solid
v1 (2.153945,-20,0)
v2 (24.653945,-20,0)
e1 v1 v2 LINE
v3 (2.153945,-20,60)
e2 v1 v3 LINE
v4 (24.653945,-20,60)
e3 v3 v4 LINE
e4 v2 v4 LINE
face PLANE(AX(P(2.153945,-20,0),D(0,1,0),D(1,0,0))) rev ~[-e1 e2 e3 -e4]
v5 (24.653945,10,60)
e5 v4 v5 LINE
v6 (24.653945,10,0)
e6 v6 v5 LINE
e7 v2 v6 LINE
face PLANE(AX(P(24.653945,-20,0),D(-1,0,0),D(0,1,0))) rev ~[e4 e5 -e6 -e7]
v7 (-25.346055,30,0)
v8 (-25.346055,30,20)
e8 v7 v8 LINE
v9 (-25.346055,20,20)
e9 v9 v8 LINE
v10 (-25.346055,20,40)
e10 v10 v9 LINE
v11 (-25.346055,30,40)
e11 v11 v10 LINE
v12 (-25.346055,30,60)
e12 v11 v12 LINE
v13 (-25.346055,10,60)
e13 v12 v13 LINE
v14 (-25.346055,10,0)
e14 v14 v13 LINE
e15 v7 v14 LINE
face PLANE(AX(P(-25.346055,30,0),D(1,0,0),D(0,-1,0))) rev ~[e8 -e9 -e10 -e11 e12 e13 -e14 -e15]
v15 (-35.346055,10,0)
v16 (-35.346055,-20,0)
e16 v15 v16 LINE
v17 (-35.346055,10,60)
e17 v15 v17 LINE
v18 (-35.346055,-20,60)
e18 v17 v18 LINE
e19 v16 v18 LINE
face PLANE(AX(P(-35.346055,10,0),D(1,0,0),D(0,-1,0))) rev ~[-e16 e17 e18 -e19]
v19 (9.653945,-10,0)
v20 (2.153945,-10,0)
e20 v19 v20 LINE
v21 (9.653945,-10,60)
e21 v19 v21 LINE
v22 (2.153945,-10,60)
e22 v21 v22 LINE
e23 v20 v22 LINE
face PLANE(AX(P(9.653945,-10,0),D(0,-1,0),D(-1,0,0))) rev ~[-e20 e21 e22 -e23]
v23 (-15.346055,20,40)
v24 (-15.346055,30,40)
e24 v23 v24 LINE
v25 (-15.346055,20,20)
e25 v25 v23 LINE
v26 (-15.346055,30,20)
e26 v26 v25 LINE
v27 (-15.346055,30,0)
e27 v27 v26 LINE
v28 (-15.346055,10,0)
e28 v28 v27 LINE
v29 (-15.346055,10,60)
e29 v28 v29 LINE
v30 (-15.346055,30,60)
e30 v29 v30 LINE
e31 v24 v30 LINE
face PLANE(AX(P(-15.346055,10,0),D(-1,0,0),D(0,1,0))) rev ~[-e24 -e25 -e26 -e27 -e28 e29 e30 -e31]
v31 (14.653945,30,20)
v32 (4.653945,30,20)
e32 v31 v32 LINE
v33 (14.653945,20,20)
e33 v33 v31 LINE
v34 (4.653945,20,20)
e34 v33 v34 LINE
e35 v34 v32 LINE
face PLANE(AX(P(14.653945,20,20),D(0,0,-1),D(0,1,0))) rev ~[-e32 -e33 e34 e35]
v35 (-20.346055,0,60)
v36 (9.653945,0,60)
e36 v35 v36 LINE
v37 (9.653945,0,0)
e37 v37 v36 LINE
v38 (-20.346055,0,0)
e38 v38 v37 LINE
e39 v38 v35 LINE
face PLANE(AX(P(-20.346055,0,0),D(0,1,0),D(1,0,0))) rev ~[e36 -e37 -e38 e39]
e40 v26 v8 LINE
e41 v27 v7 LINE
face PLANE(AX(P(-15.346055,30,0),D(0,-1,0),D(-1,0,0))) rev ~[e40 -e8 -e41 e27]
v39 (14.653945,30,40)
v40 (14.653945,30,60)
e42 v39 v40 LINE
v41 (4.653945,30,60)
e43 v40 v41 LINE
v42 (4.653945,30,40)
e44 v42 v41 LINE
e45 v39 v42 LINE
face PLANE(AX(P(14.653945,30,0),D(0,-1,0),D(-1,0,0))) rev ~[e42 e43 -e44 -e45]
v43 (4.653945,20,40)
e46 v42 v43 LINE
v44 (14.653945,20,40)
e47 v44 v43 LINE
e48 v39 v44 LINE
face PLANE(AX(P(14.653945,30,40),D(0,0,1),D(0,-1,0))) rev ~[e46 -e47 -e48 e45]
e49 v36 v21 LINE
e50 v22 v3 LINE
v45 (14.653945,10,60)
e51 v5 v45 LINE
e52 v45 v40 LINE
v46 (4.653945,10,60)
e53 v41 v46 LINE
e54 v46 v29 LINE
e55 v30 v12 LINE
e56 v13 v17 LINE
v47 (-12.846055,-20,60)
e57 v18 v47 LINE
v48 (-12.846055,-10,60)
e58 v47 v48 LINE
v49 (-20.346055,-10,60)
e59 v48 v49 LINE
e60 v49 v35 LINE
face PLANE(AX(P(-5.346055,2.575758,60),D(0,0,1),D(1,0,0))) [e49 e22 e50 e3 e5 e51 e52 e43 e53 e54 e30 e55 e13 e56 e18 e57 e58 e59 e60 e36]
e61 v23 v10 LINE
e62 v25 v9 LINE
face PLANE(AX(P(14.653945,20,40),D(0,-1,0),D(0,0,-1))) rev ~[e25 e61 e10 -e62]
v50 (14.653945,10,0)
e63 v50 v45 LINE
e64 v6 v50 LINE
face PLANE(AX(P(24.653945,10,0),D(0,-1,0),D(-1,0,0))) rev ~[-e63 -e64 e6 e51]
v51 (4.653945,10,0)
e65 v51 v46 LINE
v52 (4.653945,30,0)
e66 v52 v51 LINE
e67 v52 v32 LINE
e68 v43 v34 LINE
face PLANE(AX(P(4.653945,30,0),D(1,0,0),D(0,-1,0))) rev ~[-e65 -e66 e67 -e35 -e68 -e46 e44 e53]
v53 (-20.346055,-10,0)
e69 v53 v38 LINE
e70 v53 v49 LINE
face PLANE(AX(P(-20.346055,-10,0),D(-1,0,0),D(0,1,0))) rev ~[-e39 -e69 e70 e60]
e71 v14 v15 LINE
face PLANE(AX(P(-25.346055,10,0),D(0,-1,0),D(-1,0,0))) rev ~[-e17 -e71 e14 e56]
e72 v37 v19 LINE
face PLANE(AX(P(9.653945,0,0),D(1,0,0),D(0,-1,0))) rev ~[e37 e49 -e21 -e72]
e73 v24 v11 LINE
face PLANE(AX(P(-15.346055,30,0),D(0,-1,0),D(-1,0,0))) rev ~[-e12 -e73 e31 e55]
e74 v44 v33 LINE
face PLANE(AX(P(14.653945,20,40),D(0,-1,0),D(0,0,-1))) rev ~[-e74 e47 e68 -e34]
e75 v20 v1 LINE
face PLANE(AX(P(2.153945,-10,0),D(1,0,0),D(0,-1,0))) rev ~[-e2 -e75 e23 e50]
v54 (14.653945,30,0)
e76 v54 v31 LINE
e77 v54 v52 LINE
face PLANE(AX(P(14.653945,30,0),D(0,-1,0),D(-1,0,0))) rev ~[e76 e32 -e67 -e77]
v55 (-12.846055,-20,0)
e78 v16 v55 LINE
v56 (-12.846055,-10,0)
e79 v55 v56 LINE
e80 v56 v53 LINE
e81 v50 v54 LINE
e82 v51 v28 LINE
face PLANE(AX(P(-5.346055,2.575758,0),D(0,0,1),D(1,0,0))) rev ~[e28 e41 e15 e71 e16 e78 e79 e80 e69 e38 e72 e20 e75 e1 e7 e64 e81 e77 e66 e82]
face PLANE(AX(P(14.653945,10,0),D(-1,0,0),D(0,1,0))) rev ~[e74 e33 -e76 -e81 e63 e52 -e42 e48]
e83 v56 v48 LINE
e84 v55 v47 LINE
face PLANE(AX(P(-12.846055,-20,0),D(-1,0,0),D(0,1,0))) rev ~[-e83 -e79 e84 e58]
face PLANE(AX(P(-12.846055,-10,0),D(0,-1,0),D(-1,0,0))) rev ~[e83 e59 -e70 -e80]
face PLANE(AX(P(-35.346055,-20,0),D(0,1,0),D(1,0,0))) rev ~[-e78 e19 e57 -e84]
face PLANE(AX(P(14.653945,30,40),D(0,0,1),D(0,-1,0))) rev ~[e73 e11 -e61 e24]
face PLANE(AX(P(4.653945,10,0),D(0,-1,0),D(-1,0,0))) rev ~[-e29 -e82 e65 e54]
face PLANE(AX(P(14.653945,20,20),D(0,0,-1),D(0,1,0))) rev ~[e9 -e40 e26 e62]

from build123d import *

# Parameters (mm, degrees)
BOSS_EXTRUDE1_DEPTH = 60
CUT_EXTRUDE1_DEPTH  = 51


with BuildPart() as part:
    # Sketch1 → Boss-Extrude1 (new body)
    with BuildSketch(Plane.XY):
        Polygon((-20.346054892, 0), (9.653945108, 0), (9.653945108, -10), (2.153945108, -10), (2.153945108, -20), (24.653945108, -20), (24.653945108, 10), (14.653945108, 10), (14.653945108, 30), (4.653945108, 30), (4.653945108, 10), (-15.346054892, 10), (-15.346054892, 30), (-25.346054892, 30), (-25.346054892, 10), (-35.346054892, 10), (-35.346054892, -20), (-12.846054892, -20), (-12.846054892, -10), (-20.346054892, -10), align=None)
    extrude(amount=BOSS_EXTRUDE1_DEPTH)

    # Sketch2 → Cut-Extrude1 (cut, through all)
    with BuildSketch(Plane(origin=(14.653945108, 0, 0), x_dir=(0, 0, -1), z_dir=(1, 0, 0))):
        Polygon((-20, 30), (-30, 30), (-40, 30), (-40, 20), (-20, 20), align=None)
    extrude(amount=-CUT_EXTRUDE1_DEPTH, mode=Mode.SUBTRACT)


solid = part.part
